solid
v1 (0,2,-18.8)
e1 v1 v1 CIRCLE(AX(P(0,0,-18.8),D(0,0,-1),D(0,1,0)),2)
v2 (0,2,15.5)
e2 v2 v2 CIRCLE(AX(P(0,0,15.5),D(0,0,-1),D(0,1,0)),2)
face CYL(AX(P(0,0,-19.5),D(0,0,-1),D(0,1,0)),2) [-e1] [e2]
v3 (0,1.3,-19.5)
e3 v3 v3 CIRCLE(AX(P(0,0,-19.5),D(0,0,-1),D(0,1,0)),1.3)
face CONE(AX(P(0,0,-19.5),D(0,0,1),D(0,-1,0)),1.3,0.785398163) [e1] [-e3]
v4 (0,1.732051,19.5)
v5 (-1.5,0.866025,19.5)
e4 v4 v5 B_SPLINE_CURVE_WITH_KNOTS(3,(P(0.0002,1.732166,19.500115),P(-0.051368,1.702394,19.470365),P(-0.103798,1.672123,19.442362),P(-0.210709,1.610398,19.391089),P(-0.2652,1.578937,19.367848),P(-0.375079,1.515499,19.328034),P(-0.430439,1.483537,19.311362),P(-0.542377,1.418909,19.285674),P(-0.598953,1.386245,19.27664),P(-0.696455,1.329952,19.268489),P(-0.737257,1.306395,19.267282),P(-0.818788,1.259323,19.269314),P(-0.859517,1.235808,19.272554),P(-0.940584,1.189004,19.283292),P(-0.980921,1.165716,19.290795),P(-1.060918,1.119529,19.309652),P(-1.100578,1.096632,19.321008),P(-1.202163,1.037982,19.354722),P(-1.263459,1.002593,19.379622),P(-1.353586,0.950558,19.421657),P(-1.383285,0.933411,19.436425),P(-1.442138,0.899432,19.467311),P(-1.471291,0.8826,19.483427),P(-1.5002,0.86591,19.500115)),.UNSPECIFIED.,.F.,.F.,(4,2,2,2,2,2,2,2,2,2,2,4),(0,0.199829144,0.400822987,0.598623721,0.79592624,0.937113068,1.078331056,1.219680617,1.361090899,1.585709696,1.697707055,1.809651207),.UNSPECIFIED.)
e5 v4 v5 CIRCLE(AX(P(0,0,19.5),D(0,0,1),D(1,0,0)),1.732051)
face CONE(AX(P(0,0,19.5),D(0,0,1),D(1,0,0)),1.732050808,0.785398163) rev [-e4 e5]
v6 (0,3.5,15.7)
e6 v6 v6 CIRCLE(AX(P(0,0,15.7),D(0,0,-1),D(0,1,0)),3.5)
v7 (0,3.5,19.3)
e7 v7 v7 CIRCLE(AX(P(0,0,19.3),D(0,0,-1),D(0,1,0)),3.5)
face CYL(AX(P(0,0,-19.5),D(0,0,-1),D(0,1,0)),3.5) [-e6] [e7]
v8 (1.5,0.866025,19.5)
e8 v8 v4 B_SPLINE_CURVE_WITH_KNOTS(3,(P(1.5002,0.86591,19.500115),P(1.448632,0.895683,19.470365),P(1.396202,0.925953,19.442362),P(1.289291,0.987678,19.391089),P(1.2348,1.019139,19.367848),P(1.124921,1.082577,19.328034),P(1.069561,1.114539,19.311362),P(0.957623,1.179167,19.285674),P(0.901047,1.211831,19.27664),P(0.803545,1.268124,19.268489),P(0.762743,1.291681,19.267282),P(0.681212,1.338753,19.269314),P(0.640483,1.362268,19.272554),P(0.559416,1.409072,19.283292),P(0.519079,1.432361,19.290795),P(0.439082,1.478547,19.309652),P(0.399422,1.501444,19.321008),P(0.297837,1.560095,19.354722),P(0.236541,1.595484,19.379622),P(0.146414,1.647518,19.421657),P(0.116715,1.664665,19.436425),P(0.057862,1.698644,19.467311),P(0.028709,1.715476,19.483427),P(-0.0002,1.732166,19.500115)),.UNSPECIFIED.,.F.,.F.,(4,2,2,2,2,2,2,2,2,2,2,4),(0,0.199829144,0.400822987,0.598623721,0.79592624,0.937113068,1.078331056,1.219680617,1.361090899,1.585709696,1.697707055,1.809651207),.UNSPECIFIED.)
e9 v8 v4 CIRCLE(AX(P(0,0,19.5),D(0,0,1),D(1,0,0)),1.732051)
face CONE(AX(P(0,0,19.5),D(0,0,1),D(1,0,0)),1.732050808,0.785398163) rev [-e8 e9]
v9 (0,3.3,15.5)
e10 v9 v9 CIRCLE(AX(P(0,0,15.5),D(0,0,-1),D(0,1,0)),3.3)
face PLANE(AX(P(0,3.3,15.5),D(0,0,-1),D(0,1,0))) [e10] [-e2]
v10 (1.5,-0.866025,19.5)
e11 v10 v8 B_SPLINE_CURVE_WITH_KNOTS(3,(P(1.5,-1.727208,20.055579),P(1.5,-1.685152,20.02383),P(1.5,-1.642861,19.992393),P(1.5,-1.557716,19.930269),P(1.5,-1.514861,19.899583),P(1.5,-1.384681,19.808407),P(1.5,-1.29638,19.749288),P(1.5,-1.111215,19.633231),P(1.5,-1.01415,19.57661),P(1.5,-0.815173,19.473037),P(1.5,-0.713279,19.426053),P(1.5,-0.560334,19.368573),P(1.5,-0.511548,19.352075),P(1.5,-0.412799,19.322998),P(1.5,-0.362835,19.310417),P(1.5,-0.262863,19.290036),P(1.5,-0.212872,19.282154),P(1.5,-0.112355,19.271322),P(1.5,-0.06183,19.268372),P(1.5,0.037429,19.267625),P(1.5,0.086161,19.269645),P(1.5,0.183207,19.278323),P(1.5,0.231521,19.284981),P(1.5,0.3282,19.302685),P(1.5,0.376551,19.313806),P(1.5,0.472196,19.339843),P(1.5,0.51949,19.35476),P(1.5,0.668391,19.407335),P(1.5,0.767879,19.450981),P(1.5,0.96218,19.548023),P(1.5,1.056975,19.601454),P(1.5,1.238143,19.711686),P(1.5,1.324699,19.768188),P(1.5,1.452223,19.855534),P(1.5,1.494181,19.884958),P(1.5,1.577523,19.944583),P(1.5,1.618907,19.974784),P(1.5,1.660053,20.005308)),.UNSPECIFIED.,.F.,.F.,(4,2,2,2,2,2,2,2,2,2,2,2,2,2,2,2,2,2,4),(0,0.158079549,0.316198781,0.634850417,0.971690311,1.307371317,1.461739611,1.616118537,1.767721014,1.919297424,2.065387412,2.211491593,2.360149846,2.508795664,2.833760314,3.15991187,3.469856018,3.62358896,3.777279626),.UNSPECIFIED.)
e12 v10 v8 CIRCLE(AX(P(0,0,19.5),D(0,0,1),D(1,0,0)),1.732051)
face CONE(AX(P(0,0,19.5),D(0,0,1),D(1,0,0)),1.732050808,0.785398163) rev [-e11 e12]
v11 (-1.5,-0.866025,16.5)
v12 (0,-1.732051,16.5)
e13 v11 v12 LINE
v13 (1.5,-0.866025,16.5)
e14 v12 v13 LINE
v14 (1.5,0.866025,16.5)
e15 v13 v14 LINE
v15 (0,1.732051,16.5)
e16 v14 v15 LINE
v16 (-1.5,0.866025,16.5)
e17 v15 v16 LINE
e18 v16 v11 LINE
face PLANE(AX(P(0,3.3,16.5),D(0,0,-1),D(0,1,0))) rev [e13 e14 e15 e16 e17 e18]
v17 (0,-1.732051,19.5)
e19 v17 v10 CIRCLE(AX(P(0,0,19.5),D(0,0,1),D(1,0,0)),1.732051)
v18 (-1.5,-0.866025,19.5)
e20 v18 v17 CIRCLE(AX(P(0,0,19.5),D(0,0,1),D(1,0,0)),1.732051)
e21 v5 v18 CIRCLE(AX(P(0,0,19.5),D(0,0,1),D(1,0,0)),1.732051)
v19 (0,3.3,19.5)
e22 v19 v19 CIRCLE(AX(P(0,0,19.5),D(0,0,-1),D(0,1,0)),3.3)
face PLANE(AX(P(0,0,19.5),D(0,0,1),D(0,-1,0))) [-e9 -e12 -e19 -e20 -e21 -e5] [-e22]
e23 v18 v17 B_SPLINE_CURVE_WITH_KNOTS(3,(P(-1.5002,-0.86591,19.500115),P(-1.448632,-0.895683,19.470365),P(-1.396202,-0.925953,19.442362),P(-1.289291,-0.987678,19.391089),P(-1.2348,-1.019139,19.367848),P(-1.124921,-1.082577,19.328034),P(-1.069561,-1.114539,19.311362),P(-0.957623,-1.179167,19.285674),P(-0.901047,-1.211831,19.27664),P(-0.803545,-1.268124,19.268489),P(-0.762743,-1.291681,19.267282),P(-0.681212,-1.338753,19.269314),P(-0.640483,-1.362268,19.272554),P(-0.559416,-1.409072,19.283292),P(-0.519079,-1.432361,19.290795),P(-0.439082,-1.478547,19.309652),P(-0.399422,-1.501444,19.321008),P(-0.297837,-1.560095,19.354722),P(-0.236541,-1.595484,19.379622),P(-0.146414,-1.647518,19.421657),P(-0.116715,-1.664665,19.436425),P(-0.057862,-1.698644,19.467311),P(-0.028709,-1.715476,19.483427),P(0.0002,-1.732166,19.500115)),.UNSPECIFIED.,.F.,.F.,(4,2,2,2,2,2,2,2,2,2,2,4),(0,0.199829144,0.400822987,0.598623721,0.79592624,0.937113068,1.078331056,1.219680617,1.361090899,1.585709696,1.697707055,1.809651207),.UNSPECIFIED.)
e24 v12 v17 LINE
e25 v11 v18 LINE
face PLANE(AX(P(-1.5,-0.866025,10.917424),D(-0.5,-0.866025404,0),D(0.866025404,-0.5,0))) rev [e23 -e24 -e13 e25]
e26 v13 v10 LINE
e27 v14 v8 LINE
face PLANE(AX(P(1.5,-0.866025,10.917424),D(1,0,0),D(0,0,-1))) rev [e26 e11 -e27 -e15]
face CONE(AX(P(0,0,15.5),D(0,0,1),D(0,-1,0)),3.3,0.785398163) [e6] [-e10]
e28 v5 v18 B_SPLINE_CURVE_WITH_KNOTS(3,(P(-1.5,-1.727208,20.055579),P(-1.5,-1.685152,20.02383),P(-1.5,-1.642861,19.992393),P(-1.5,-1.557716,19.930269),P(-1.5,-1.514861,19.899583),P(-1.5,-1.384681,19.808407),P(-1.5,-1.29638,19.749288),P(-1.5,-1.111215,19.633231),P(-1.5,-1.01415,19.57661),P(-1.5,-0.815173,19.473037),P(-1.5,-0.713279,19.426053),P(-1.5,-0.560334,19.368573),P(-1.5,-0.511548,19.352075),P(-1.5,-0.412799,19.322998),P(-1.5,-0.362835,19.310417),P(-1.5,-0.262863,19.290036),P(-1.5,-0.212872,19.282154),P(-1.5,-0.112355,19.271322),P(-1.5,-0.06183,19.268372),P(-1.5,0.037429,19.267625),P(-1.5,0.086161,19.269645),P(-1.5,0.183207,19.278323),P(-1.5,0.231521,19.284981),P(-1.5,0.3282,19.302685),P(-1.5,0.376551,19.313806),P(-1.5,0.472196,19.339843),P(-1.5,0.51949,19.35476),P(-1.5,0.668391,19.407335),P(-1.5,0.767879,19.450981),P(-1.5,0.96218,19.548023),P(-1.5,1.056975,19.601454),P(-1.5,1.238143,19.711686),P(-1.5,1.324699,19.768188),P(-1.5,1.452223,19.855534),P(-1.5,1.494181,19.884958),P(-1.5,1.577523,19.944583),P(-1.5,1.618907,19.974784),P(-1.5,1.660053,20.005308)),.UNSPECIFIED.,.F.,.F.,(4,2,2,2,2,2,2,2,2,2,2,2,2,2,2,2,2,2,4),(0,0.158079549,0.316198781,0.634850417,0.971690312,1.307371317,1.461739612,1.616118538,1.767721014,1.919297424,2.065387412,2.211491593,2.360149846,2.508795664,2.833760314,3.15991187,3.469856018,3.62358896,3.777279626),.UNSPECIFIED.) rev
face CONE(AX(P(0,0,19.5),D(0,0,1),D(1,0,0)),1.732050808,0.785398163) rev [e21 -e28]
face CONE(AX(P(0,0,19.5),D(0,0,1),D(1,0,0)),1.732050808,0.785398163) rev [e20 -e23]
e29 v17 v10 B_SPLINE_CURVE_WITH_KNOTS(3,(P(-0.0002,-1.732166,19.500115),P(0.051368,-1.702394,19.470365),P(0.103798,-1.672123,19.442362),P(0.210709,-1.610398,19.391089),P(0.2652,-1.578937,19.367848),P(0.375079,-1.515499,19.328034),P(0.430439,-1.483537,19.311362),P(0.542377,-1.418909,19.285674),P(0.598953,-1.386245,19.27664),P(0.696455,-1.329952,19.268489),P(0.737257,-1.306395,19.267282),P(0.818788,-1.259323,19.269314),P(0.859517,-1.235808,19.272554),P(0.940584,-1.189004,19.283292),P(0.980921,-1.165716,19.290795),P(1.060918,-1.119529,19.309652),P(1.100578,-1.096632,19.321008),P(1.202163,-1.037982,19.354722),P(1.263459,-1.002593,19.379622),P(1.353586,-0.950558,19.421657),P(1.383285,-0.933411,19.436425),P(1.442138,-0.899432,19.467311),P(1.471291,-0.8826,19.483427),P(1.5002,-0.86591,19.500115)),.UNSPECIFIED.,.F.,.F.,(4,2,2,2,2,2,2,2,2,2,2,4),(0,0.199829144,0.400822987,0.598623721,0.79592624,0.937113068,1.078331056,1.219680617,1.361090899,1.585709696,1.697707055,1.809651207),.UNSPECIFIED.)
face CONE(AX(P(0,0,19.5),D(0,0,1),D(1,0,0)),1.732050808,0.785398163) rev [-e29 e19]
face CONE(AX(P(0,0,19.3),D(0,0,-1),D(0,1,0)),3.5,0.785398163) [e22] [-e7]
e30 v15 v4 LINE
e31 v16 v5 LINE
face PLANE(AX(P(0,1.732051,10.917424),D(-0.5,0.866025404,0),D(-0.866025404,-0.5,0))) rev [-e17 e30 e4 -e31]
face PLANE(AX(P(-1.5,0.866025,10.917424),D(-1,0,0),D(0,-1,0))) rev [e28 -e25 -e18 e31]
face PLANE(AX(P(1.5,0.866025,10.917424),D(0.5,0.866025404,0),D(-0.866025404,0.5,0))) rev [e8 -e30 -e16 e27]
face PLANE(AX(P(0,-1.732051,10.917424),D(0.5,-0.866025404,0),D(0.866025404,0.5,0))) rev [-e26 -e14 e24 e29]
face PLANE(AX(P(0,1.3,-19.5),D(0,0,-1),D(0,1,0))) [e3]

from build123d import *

# Parameters (mm, degrees)
CUT_EXTRUDE1_DEPTH = 3
SKETCH4_R          = 1.732050808
CUT_EXTRUDE2_DEPTH = 3
CUT_EXTRUDE2_DRAFT = -45


with BuildPart() as part:
    # Sketch2 → Revolve1 (revolve)
    with BuildSketch(Plane(origin=(0, 0, 0), x_dir=(0, 0, -1), z_dir=(1, 0, 0))):
        Polygon((-19.5, 0), (-19.5, 3.3), (-19.3, 3.5), (-15.7, 3.5), (-15.5, 3.3), (-15.5, 2), (18.8, 2), (19.5, 1.3), (19.5, 0), align=None)
    revolve(axis=Axis((0, 0, -19.5), (0, 0, 1)))

    # Sketch3 → Cut-Extrude1 (cut)
    with BuildSketch(Plane.XY.offset(19.5)):
        Polygon((1.5, -0.866025404), (1.5, 0.866025404), (0, 1.732050808), (-1.5, 0.866025404), (-1.5, -0.866025404), (0, -1.732050808), align=None)
    extrude(amount=-CUT_EXTRUDE1_DEPTH, mode=Mode.SUBTRACT)


with BuildPart() as cut_extrude2_tool:
    # Sketch4 → Cut-Extrude2 (with draft: the straight prism first)
    with BuildSketch(Plane.XY.offset(19.5)):
        Circle(SKETCH4_R)
    extrude(amount=-CUT_EXTRUDE2_DEPTH)
    # Cut-Extrude2: the draft: its side faces are tilted about the plane it starts from
    cut_extrude2_sides = [cut_extrude2_tool.faces().sort_by_distance(p)[0] for p in [
        (-1.732050808, 0, 18),
    ]]
    draft(cut_extrude2_sides, Plane.XY.offset(19.5), CUT_EXTRUDE2_DRAFT)


with BuildPart() as part_1:
    add(part.part)

    # Cut-Extrude2: cut by cut_extrude2_tool
    add(cut_extrude2_tool.part, mode=Mode.SUBTRACT)


solid = part_1.part
